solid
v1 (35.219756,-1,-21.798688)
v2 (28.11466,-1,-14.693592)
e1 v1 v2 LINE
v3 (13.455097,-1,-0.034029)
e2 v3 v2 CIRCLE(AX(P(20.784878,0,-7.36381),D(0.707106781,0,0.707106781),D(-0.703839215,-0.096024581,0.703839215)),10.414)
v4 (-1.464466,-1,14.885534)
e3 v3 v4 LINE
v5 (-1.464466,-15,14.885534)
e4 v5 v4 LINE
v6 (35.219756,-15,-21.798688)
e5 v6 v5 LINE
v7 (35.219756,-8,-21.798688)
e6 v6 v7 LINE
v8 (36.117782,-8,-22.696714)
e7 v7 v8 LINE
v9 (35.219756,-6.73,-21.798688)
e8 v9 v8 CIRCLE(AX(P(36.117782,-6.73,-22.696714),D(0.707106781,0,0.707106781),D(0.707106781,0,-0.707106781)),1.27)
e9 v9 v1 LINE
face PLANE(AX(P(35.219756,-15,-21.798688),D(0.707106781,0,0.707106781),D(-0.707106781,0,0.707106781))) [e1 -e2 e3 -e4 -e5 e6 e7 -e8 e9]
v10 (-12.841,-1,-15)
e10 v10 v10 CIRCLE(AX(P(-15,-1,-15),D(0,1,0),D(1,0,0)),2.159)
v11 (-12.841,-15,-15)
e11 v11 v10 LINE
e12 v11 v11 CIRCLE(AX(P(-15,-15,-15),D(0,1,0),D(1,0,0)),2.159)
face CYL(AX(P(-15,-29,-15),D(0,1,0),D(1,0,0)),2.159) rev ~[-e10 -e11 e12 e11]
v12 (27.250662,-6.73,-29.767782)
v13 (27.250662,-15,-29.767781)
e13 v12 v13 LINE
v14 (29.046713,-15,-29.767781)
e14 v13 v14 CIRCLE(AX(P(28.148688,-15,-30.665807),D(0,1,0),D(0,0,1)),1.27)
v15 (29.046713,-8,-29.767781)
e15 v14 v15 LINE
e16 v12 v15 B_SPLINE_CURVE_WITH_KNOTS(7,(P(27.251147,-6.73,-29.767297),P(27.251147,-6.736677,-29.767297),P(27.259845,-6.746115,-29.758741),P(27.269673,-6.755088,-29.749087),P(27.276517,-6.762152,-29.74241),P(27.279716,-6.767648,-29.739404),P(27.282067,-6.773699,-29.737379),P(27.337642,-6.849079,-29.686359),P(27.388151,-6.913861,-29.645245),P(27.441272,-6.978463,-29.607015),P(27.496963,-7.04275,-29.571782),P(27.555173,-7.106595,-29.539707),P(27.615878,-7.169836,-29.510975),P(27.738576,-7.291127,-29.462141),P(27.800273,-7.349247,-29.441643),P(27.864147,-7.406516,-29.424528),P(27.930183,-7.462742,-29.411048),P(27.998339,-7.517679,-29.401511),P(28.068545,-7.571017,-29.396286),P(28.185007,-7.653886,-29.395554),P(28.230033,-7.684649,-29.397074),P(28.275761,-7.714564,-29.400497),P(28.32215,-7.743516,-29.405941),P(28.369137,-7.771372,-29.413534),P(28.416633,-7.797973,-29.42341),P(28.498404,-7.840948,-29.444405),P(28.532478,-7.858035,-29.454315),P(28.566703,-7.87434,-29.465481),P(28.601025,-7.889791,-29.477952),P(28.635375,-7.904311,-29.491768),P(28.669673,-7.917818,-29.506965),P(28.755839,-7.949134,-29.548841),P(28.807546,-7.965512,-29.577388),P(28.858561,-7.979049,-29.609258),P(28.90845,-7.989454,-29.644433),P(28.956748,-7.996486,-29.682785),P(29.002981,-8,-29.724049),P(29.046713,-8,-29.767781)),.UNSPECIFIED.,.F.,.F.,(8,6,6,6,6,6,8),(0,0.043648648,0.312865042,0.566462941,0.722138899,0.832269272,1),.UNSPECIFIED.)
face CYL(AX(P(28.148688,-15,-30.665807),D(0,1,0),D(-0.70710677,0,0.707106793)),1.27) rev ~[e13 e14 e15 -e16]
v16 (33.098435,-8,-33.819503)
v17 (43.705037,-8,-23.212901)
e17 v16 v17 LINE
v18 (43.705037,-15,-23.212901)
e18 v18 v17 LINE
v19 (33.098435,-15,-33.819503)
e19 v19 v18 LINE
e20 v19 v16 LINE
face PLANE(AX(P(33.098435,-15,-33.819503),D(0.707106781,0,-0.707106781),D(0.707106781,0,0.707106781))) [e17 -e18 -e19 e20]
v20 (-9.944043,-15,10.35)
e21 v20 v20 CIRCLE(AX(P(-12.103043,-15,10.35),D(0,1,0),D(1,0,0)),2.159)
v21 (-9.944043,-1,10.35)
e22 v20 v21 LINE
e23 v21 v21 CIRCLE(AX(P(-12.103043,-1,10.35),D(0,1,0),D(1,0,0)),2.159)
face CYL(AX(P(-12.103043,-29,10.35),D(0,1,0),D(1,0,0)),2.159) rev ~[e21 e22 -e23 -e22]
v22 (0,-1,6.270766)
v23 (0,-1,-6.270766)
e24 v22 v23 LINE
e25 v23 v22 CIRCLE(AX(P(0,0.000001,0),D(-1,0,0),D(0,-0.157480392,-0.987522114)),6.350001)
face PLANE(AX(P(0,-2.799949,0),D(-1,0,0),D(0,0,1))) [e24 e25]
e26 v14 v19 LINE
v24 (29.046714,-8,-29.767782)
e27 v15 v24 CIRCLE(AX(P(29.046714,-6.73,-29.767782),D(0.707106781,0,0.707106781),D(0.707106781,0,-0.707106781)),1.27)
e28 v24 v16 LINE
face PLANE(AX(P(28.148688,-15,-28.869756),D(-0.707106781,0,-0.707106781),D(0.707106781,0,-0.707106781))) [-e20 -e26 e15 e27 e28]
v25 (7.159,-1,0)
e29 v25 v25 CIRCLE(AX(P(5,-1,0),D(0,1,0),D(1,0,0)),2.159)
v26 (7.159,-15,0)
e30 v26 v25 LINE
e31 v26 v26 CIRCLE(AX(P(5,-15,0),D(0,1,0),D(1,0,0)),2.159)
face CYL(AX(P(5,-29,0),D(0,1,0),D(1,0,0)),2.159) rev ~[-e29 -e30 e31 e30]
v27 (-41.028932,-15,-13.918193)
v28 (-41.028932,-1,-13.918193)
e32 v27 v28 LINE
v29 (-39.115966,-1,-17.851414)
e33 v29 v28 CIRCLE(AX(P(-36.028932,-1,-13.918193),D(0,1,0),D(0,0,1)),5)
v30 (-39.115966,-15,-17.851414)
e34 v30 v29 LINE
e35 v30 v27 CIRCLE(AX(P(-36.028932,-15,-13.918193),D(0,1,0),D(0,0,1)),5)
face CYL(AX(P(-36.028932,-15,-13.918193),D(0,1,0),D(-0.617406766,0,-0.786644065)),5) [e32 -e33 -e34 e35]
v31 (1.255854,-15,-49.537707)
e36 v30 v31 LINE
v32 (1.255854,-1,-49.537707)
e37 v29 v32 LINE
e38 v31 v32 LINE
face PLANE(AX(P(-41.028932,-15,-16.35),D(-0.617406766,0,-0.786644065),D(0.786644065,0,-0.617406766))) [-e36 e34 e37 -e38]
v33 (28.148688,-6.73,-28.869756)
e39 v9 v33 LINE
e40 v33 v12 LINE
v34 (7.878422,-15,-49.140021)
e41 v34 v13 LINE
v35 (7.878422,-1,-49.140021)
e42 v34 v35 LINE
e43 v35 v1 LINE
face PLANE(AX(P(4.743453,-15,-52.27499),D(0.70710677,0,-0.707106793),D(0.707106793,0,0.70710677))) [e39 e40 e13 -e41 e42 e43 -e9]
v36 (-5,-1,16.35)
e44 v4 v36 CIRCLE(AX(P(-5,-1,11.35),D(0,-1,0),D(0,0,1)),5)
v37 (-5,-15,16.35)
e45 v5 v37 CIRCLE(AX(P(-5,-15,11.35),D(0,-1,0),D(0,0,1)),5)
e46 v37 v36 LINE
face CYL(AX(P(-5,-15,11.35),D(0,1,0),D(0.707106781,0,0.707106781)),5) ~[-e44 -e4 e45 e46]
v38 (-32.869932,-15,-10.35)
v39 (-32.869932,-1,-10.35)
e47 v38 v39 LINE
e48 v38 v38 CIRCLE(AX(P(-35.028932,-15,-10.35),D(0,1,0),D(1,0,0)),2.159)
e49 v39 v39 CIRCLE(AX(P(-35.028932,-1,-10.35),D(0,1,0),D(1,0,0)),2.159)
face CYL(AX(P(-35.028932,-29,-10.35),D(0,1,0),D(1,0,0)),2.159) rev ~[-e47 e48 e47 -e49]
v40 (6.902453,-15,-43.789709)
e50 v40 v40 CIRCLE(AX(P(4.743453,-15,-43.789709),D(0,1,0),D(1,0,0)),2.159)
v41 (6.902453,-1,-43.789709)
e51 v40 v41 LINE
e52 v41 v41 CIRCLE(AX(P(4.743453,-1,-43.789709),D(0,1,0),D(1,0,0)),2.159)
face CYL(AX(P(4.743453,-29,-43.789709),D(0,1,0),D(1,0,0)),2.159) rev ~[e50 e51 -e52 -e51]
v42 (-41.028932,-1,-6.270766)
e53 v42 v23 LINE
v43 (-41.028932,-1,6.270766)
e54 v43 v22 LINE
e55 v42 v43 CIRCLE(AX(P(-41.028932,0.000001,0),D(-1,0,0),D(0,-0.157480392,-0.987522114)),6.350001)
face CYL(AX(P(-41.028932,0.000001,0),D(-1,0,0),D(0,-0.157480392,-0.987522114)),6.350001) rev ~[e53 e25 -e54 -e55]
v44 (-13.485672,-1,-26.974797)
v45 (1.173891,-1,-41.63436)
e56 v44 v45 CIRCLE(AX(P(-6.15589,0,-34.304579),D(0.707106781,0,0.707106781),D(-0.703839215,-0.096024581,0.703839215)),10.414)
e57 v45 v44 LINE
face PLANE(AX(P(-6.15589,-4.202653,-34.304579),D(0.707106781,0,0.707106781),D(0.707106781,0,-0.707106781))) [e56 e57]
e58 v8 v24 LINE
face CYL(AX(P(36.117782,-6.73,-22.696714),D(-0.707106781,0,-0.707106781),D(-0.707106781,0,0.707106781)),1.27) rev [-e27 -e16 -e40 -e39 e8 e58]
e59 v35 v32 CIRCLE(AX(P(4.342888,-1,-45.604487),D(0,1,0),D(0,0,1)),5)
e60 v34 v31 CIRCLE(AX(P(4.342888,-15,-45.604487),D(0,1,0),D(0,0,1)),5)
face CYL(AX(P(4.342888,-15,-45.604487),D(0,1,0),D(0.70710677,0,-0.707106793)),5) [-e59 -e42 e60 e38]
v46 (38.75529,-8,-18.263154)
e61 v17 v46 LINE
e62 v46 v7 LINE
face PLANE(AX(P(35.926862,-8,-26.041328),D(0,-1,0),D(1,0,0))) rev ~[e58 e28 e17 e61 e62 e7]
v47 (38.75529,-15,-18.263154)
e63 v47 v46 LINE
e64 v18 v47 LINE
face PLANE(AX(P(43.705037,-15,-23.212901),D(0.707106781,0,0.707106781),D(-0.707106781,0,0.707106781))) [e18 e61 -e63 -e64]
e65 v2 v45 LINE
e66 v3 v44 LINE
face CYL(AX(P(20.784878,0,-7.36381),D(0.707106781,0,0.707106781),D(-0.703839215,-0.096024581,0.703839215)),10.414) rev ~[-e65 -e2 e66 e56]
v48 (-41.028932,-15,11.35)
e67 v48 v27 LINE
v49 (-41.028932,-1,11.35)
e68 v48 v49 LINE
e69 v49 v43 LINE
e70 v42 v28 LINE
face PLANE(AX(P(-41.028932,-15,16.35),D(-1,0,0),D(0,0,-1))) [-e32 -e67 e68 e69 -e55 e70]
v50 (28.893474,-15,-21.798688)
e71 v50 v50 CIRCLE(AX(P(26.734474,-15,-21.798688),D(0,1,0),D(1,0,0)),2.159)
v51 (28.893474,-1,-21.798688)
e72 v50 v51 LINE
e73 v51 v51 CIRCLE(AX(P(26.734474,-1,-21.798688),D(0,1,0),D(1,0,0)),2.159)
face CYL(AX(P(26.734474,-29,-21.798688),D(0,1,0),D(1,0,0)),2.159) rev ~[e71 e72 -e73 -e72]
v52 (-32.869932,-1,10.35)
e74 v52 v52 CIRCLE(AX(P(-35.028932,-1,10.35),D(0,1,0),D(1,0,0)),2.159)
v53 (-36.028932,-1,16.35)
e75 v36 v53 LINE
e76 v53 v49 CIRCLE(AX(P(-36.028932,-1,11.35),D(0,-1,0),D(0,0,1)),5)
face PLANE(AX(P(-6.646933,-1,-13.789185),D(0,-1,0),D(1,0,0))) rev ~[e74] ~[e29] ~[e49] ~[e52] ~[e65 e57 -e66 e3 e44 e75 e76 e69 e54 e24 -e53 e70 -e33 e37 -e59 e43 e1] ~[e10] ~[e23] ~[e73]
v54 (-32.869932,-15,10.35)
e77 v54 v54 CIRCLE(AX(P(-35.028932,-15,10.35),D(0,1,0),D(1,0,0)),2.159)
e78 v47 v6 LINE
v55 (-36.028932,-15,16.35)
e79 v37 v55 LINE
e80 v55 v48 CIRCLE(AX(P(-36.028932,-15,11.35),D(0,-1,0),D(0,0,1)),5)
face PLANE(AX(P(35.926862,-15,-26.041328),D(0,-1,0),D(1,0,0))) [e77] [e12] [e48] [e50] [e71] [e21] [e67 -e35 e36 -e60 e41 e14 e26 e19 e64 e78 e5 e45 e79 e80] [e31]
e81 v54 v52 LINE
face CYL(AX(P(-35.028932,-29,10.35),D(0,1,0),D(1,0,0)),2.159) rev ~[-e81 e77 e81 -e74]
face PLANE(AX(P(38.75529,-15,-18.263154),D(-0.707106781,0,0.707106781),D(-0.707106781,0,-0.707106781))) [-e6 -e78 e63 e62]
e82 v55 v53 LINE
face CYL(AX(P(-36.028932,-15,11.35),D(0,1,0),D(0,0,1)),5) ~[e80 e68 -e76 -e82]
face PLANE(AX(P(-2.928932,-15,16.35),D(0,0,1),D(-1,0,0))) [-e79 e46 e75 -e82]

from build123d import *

# Parameters (mm, degrees)
EXTRUDE_1_DEPTH        = 14
EXTRUDE_2_DEPTH        = 7
CUT_EXTRUDE_1_DEPTH    = 41.028932
CUT_EXTRUDE_2_DEPTH    = 38.1
HOLE_WIZARD_M4_1_D     = 4.318
HOLE_WIZARD_M4_1_DEPTH = 14
FILLET_1_R             = 5
FILLET_3_R             = 1.27
FILLET_4_R             = 1.27


with BuildPart() as part:
    # 草图1 → 凸台-拉伸1 (new body)
    with BuildSketch(Plane.XZ.offset(15)):
        Polygon((4.743453, -52.27499), (35.219756, -21.798688), (-2.928932, 16.35), (-41.028932, 16.35), (-41.028932, -16.35), align=None)
    extrude(amount=-EXTRUDE_1_DEPTH)

    # 草图2 → 凸台-拉伸2 (add)
    with BuildSketch(Plane.XZ.offset(15)):
        Polygon((43.705037, -23.212901), (38.75529, -18.263154), (35.219756, -21.798688), (28.148688, -28.869756), (33.098435, -33.819503), align=None)
    extrude(amount=-EXTRUDE_2_DEPTH)

    # 草图3 → 切除-拉伸1 (cut)
    with BuildSketch(Plane.ZY.offset(41.028932)):
        with BuildLine():
            Line((6.270766, -1), (-6.270766, -1))
            ThreePointArc((-6.270766, -1), (0, -6.35), (6.270766, -1))
        make_face()
    extrude(amount=-CUT_EXTRUDE_1_DEPTH, mode=Mode.SUBTRACT)

    # 草图4 → 切除-拉伸2 (cut)
    with BuildSketch(Plane(origin=(6.710534, 0, 6.710534), x_dir=(0.707107, 0, -0.707107), z_dir=(0.707107, 0, 0.707107))):
        with BuildLine():
            Line((30.270005, -1), (9.538252, -1))
            ThreePointArc((9.538252, -1), (19.904128, -10.414), (30.270005, -1))
        make_face()
    extrude(amount=-CUT_EXTRUDE_2_DEPTH, mode=Mode.SUBTRACT)

    # M4 间隙孔1
    with Locations(Plane(origin=(0, -15, 0), x_dir=(-1, 0, 0), z_dir=(0, -1, 0))):
        with Locations((35.028932, -10.35), (-5, 0), (15, 15), (12.103043, -10.35), (35.028932, 10.35), (-4.743453, 43.789709), (-26.734474, 21.798688)):
            Hole(HOLE_WIZARD_M4_1_D / 2, depth=HOLE_WIZARD_M4_1_DEPTH)

    # 圆角1
    fillet_1_edges = [part.edges().sort_by_distance(p)[0] for p in [
        (-41.028932, -8, -16.35),
        (-41.028932, -8, 16.35),
        (-2.928932, -8, 16.35),
        (4.743453, -8, -52.27499),
    ]]
    fillet(fillet_1_edges, radius=FILLET_1_R)

    # 圆角3
    fillet_3_edges = [part.edges().sort_by_distance(p)[0] for p in [
        (31.684222, -8, -25.334222),
    ]]
    fillet(fillet_3_edges, radius=FILLET_3_R)

    # 圆角4
    fillet_4_edges = [part.edges().sort_by_distance(p)[0] for p in [
        (28.148688, -11.5, -28.869756),
    ]]
    fillet(fillet_4_edges, radius=FILLET_4_R)


solid = part.part
